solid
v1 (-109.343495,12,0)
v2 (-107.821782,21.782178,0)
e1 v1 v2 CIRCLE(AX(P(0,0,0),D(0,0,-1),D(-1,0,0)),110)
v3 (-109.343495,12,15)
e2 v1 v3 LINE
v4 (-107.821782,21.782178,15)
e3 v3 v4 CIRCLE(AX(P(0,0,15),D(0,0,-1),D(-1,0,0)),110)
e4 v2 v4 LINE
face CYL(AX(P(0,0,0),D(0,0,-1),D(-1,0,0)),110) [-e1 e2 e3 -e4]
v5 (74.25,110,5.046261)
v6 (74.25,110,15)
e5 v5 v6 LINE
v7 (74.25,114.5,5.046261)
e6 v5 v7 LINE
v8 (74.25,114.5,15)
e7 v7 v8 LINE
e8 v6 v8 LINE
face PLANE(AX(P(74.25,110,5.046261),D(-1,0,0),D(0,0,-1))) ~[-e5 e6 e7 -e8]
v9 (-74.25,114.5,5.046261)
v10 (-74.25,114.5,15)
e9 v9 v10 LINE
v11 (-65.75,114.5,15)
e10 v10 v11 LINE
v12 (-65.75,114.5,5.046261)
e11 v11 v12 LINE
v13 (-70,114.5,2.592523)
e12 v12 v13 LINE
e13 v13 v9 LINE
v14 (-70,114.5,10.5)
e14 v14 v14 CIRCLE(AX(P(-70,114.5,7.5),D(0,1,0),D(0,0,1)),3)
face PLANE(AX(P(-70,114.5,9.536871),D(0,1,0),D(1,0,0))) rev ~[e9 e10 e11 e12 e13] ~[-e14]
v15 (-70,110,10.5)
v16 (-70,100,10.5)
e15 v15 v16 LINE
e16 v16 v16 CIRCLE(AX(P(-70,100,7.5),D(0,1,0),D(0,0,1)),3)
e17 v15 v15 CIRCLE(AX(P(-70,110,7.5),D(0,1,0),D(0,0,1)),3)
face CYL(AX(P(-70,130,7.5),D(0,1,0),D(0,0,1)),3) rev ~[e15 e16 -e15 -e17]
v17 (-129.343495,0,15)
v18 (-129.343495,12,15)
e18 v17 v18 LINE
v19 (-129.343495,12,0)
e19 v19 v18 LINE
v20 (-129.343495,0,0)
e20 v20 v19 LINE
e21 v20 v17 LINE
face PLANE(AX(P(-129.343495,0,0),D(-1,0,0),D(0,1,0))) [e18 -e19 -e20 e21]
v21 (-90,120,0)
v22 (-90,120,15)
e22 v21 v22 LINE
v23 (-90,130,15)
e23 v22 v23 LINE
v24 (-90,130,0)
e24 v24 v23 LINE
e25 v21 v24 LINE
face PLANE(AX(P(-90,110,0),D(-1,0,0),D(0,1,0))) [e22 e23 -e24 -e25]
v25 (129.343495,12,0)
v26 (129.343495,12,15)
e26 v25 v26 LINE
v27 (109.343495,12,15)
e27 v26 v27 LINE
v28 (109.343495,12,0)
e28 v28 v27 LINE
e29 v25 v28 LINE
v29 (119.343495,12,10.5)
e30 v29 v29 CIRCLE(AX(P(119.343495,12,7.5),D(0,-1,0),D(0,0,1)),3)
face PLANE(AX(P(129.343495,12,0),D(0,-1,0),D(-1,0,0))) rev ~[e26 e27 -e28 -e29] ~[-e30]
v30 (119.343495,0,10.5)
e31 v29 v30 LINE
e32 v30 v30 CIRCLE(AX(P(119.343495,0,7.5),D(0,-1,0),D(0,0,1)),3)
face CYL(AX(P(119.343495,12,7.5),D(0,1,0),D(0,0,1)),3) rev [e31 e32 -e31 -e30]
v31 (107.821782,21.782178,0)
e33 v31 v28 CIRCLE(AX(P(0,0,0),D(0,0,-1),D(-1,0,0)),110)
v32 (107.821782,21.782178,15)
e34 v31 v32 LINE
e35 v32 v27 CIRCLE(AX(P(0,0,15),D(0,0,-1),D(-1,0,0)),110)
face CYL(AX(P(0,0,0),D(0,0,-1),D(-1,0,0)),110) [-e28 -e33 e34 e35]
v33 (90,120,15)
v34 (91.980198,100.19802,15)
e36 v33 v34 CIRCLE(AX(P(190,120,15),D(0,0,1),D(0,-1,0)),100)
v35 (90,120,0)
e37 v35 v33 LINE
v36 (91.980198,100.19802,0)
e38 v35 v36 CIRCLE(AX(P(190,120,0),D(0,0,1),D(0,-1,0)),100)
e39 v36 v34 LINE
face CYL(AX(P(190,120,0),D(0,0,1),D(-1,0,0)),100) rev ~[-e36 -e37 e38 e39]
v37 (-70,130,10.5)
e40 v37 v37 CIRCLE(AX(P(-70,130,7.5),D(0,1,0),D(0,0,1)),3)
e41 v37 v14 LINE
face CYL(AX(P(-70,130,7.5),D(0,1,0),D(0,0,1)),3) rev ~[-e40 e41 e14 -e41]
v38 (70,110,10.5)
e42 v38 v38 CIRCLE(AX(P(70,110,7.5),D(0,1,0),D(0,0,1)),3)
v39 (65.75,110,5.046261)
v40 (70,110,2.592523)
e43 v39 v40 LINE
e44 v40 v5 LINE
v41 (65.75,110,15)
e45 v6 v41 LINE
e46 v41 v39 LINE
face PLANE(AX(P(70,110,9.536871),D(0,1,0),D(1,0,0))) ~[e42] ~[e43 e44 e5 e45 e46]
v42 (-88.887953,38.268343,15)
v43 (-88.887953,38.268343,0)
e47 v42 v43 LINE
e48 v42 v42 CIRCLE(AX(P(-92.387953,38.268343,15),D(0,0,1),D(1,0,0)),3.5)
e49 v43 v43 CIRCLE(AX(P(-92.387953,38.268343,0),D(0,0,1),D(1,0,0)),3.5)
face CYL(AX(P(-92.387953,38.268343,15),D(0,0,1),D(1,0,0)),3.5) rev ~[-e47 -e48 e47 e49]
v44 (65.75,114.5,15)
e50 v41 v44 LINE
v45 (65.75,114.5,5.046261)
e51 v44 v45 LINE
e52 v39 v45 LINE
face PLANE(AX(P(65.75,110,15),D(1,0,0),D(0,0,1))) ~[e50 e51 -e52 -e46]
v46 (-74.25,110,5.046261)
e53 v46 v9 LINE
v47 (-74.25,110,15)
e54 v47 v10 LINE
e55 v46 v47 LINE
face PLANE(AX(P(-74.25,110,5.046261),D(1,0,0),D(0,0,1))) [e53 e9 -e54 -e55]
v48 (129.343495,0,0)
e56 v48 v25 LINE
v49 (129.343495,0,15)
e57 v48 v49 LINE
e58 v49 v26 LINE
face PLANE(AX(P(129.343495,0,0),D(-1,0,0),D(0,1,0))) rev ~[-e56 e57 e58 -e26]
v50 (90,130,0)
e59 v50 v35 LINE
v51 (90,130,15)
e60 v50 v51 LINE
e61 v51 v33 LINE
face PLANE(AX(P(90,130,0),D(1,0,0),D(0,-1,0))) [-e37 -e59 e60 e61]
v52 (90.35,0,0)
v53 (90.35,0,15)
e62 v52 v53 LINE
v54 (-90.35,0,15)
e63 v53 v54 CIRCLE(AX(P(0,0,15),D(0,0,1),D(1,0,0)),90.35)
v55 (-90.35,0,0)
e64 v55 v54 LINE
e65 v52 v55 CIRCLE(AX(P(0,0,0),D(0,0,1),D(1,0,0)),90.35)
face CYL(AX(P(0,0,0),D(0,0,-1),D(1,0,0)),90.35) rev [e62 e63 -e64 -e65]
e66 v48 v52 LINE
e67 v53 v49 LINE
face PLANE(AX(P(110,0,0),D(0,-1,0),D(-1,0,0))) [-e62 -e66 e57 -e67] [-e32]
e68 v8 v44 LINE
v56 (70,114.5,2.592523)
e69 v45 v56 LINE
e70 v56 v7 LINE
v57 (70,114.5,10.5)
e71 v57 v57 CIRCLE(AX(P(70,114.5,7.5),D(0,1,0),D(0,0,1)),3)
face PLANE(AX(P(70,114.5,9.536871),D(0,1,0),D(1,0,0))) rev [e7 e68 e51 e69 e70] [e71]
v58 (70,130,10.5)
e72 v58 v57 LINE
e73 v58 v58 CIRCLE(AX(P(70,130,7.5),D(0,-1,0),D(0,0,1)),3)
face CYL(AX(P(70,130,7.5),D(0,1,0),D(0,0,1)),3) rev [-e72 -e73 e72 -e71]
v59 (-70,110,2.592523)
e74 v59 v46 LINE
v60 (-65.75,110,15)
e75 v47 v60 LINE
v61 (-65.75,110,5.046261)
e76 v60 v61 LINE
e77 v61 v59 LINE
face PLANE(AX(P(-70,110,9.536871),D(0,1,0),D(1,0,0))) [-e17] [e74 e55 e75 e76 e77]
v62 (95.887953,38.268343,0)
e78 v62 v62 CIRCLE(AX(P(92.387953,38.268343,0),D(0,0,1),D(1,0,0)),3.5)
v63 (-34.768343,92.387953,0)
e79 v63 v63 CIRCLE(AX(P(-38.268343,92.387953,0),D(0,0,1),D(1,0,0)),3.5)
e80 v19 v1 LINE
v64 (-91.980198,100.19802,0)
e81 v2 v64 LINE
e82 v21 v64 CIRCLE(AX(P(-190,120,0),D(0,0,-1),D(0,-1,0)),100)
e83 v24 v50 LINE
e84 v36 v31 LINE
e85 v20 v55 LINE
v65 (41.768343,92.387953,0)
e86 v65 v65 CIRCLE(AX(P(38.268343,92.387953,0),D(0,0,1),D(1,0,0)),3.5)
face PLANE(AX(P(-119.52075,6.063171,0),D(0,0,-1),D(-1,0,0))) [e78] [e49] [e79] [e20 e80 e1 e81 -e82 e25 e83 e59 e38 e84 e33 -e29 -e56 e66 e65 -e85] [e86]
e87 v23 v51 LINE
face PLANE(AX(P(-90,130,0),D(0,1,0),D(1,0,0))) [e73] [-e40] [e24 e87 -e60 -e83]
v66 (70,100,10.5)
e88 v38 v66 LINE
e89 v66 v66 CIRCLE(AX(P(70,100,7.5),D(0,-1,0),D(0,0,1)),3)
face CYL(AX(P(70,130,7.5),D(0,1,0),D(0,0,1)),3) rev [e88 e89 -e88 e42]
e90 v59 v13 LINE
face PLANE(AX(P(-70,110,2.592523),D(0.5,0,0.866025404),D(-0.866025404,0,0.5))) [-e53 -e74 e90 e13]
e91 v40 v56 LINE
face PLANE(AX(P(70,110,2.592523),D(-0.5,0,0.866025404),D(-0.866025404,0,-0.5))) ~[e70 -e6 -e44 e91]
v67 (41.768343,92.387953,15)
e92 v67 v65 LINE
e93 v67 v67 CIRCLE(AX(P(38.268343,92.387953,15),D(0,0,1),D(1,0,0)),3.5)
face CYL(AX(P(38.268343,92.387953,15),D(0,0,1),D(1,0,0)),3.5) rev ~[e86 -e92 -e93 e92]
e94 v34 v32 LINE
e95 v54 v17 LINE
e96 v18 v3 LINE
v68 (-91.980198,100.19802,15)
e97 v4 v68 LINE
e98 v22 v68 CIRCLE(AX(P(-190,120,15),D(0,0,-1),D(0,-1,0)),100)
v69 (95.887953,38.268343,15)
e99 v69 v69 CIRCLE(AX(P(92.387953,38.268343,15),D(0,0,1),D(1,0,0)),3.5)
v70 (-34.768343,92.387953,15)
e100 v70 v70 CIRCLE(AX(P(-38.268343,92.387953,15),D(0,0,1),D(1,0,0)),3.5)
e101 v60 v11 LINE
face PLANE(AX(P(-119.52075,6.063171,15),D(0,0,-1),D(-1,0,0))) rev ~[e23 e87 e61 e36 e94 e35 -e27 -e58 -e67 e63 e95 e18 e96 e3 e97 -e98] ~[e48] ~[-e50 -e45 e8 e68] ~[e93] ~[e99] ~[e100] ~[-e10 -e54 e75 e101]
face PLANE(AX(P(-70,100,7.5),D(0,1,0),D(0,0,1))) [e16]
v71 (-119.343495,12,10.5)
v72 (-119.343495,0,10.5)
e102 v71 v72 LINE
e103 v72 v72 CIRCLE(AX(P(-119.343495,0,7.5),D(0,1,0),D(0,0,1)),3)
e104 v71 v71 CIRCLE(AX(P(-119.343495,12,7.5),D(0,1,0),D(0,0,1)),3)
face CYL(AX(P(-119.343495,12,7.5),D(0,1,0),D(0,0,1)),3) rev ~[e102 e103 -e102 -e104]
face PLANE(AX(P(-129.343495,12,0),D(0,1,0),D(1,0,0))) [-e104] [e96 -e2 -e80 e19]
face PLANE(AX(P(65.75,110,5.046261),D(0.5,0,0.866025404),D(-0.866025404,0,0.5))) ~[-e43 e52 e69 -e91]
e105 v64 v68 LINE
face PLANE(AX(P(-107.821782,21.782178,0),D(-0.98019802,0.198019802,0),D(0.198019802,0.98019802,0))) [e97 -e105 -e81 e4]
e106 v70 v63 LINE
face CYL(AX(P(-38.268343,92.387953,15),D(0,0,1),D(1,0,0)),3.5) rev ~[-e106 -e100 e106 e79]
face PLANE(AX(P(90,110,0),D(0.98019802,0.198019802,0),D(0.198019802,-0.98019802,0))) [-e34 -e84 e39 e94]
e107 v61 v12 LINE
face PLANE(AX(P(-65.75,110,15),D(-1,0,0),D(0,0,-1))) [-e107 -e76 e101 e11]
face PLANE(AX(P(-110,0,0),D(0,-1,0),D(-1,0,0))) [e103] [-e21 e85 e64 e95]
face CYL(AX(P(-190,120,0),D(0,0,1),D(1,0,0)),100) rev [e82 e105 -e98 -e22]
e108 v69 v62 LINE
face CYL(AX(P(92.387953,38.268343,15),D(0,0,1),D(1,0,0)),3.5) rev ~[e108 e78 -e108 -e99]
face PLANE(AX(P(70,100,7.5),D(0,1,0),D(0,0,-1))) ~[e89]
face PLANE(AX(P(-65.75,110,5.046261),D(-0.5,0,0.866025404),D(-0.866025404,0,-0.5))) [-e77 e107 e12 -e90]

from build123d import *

# Parameters (mm, degrees)
EXTRUDE_1_DEPTH     = 15
SKETCH_2_R          = 3.5
CUT_EXTRUDE_2_DEPTH = 15
EXTRUDE_START       = -15
EXTRUDE_2_DEPTH     = 15
CUT_EXTRUDE_3_REACH = 164.969
SKETCH_4_R          = 3
EXTRUDE_3_DEPTH     = 15
FILLET_2_R          = 100
FILLET_3_R          = 100
SKETCH_6_R          = 3
CUT_EXTRUDE_4_DEPTH = 30
CUT_EXTRUDE_5_DEPTH = 4.5


with BuildPart() as part:
    # 草图1 → 凸台-拉伸1 (new body)
    with BuildSketch(Plane.XY):
        with BuildLine():
            Line((-90.35, 0), (-110, 0))
            ThreePointArc((-110, 0), (0, 110), (110, 0))
            Line((110, 0), (90.35, 0))
            ThreePointArc((90.35, 0), (0, 90.35), (-90.35, 0))
        make_face()
    extrude(amount=EXTRUDE_1_DEPTH)

    # 草图2 → 切除-拉伸2 (cut)
    with BuildSketch(Plane.XY.offset(15)):
        with Locations((38.268343237, 92.387953251)):
            Circle(SKETCH_2_R)
        with Locations((92.387953251, 38.268343237)):
            Circle(SKETCH_2_R)
        with Locations((92.387953251, -38.268343237)):
            Circle(SKETCH_2_R)
        with Locations((38.268343237, -92.387953251)):
            Circle(SKETCH_2_R)
        with Locations((-38.268343237, -92.387953251)):
            Circle(SKETCH_2_R)
        with Locations((-92.387953251, -38.268343237)):
            Circle(SKETCH_2_R)
        with Locations((-92.387953251, 38.268343237)):
            Circle(SKETCH_2_R)
        with Locations((-38.268343237, 92.387953251)):
            Circle(SKETCH_2_R)
    extrude(amount=-CUT_EXTRUDE_2_DEPTH, mode=Mode.SUBTRACT)

    # 草图3 → 凸台-拉伸2 (add)
    with BuildSketch(Plane.XY.offset(15).offset(EXTRUDE_START)):
        with BuildLine():
            Line((-110, 0), (-129.343495463, 0))
            Line((-129.343495463, 0), (-129.343495463, 12))
            Line((-129.343495463, 12), (-109.343495463, 12))
            ThreePointArc((-109.343495463, 12), (-109.83575124, 6.008972421), (-110, 0))
        make_face()
        with BuildLine():
            Line((129.343495463, 12), (109.343495463, 12))
            ThreePointArc((109.343495463, 12), (109.83575124, 6.008972421), (110, 0))
            Line((110, 0), (129.343495463, 0))
            Line((129.343495463, 0), (129.343495463, 12))
        make_face()
    extrude(amount=EXTRUDE_2_DEPTH)

    # 草图4 → 切除-拉伸3 (cut, up to next)
    with BuildSketch(Plane(origin=(0, 12, 0), x_dir=(1, 0, 0), z_dir=(0, 1, 0)), mode=Mode.PRIVATE) as cut_extrude_3_sk1:
        with Locations(Location((-119.343495463, -7.5, 0), (0, 0, 270))):
            Circle(SKETCH_4_R)
    cut_extrude_3_tool1 = extrude(cut_extrude_3_sk1.sketch, amount=-CUT_EXTRUDE_3_REACH, mode=Mode.PRIVATE) & part.part
    cut_extrude_3 = cut_extrude_3_tool1.solids().sort_by_distance((-119.343495, 12, 7.5))[0]
    add(cut_extrude_3, mode=Mode.SUBTRACT)

    # 镜向1: 切除-拉伸3 across plane
    add(cut_extrude_3.mirror(Plane.ZY), mode=Mode.SUBTRACT)

    # 草图5 → 凸台-拉伸3 (add)
    with BuildSketch(Plane.XY.offset(15).offset(EXTRUDE_START)):
        with BuildLine():
            Line((-90, 130), (90, 130))
            Line((90, 130), (90, 110))
            Line((90, 110), (107.821782178, 21.782178218))
            ThreePointArc((107.821782178, 21.782178218), (0, 110), (-107.821782178, 21.782178218))
            Line((-107.821782178, 21.782178218), (-90, 110))
            Line((-90, 110), (-90, 130))
        make_face()
    extrude(amount=EXTRUDE_3_DEPTH)

    # 圆角2
    fillet_2_edges = [part.edges().sort_by_distance(p)[0] for p in [
        (90, 110, 7.5),
    ]]
    fillet(fillet_2_edges, radius=FILLET_2_R)

    # 圆角3
    fillet_3_edges = [part.edges().sort_by_distance(p)[0] for p in [
        (-90, 110, 7.5),
    ]]
    fillet(fillet_3_edges, radius=FILLET_3_R)

    # 草图6 → 切除-拉伸4 (cut)
    with BuildSketch(Plane(origin=(0, 130, 0), x_dir=(1, 0, 0), z_dir=(0, 1, 0))):
        with Locations(Location((-70, -7.5, 0), (0, 0, 270))):
            Circle(SKETCH_6_R)
    cut_extrude_4 = extrude(amount=-CUT_EXTRUDE_4_DEPTH, mode=Mode.SUBTRACT)

    # 草图7 → 切除-拉伸5 (cut)
    with BuildSketch(Plane(origin=(0, 110, 0), x_dir=(1, 0, 0), z_dir=(0, 1, 0))):
        Polygon((-74.25, -9.953738644), (-74.25, -15), (-65.75, -15), (-65.75, -9.953738644), (-65.75, -5.046261356), (-70, -2.592522712), (-74.25, -5.046261356), align=None)
    cut_extrude_5 = extrude(amount=CUT_EXTRUDE_5_DEPTH, mode=Mode.SUBTRACT)

    # 镜向2: 切除-拉伸4, 切除-拉伸5 across plane
    add(cut_extrude_4.mirror(Plane.ZY), mode=Mode.SUBTRACT)
    add(cut_extrude_5.mirror(Plane.ZY), mode=Mode.SUBTRACT)


solid = part.part
